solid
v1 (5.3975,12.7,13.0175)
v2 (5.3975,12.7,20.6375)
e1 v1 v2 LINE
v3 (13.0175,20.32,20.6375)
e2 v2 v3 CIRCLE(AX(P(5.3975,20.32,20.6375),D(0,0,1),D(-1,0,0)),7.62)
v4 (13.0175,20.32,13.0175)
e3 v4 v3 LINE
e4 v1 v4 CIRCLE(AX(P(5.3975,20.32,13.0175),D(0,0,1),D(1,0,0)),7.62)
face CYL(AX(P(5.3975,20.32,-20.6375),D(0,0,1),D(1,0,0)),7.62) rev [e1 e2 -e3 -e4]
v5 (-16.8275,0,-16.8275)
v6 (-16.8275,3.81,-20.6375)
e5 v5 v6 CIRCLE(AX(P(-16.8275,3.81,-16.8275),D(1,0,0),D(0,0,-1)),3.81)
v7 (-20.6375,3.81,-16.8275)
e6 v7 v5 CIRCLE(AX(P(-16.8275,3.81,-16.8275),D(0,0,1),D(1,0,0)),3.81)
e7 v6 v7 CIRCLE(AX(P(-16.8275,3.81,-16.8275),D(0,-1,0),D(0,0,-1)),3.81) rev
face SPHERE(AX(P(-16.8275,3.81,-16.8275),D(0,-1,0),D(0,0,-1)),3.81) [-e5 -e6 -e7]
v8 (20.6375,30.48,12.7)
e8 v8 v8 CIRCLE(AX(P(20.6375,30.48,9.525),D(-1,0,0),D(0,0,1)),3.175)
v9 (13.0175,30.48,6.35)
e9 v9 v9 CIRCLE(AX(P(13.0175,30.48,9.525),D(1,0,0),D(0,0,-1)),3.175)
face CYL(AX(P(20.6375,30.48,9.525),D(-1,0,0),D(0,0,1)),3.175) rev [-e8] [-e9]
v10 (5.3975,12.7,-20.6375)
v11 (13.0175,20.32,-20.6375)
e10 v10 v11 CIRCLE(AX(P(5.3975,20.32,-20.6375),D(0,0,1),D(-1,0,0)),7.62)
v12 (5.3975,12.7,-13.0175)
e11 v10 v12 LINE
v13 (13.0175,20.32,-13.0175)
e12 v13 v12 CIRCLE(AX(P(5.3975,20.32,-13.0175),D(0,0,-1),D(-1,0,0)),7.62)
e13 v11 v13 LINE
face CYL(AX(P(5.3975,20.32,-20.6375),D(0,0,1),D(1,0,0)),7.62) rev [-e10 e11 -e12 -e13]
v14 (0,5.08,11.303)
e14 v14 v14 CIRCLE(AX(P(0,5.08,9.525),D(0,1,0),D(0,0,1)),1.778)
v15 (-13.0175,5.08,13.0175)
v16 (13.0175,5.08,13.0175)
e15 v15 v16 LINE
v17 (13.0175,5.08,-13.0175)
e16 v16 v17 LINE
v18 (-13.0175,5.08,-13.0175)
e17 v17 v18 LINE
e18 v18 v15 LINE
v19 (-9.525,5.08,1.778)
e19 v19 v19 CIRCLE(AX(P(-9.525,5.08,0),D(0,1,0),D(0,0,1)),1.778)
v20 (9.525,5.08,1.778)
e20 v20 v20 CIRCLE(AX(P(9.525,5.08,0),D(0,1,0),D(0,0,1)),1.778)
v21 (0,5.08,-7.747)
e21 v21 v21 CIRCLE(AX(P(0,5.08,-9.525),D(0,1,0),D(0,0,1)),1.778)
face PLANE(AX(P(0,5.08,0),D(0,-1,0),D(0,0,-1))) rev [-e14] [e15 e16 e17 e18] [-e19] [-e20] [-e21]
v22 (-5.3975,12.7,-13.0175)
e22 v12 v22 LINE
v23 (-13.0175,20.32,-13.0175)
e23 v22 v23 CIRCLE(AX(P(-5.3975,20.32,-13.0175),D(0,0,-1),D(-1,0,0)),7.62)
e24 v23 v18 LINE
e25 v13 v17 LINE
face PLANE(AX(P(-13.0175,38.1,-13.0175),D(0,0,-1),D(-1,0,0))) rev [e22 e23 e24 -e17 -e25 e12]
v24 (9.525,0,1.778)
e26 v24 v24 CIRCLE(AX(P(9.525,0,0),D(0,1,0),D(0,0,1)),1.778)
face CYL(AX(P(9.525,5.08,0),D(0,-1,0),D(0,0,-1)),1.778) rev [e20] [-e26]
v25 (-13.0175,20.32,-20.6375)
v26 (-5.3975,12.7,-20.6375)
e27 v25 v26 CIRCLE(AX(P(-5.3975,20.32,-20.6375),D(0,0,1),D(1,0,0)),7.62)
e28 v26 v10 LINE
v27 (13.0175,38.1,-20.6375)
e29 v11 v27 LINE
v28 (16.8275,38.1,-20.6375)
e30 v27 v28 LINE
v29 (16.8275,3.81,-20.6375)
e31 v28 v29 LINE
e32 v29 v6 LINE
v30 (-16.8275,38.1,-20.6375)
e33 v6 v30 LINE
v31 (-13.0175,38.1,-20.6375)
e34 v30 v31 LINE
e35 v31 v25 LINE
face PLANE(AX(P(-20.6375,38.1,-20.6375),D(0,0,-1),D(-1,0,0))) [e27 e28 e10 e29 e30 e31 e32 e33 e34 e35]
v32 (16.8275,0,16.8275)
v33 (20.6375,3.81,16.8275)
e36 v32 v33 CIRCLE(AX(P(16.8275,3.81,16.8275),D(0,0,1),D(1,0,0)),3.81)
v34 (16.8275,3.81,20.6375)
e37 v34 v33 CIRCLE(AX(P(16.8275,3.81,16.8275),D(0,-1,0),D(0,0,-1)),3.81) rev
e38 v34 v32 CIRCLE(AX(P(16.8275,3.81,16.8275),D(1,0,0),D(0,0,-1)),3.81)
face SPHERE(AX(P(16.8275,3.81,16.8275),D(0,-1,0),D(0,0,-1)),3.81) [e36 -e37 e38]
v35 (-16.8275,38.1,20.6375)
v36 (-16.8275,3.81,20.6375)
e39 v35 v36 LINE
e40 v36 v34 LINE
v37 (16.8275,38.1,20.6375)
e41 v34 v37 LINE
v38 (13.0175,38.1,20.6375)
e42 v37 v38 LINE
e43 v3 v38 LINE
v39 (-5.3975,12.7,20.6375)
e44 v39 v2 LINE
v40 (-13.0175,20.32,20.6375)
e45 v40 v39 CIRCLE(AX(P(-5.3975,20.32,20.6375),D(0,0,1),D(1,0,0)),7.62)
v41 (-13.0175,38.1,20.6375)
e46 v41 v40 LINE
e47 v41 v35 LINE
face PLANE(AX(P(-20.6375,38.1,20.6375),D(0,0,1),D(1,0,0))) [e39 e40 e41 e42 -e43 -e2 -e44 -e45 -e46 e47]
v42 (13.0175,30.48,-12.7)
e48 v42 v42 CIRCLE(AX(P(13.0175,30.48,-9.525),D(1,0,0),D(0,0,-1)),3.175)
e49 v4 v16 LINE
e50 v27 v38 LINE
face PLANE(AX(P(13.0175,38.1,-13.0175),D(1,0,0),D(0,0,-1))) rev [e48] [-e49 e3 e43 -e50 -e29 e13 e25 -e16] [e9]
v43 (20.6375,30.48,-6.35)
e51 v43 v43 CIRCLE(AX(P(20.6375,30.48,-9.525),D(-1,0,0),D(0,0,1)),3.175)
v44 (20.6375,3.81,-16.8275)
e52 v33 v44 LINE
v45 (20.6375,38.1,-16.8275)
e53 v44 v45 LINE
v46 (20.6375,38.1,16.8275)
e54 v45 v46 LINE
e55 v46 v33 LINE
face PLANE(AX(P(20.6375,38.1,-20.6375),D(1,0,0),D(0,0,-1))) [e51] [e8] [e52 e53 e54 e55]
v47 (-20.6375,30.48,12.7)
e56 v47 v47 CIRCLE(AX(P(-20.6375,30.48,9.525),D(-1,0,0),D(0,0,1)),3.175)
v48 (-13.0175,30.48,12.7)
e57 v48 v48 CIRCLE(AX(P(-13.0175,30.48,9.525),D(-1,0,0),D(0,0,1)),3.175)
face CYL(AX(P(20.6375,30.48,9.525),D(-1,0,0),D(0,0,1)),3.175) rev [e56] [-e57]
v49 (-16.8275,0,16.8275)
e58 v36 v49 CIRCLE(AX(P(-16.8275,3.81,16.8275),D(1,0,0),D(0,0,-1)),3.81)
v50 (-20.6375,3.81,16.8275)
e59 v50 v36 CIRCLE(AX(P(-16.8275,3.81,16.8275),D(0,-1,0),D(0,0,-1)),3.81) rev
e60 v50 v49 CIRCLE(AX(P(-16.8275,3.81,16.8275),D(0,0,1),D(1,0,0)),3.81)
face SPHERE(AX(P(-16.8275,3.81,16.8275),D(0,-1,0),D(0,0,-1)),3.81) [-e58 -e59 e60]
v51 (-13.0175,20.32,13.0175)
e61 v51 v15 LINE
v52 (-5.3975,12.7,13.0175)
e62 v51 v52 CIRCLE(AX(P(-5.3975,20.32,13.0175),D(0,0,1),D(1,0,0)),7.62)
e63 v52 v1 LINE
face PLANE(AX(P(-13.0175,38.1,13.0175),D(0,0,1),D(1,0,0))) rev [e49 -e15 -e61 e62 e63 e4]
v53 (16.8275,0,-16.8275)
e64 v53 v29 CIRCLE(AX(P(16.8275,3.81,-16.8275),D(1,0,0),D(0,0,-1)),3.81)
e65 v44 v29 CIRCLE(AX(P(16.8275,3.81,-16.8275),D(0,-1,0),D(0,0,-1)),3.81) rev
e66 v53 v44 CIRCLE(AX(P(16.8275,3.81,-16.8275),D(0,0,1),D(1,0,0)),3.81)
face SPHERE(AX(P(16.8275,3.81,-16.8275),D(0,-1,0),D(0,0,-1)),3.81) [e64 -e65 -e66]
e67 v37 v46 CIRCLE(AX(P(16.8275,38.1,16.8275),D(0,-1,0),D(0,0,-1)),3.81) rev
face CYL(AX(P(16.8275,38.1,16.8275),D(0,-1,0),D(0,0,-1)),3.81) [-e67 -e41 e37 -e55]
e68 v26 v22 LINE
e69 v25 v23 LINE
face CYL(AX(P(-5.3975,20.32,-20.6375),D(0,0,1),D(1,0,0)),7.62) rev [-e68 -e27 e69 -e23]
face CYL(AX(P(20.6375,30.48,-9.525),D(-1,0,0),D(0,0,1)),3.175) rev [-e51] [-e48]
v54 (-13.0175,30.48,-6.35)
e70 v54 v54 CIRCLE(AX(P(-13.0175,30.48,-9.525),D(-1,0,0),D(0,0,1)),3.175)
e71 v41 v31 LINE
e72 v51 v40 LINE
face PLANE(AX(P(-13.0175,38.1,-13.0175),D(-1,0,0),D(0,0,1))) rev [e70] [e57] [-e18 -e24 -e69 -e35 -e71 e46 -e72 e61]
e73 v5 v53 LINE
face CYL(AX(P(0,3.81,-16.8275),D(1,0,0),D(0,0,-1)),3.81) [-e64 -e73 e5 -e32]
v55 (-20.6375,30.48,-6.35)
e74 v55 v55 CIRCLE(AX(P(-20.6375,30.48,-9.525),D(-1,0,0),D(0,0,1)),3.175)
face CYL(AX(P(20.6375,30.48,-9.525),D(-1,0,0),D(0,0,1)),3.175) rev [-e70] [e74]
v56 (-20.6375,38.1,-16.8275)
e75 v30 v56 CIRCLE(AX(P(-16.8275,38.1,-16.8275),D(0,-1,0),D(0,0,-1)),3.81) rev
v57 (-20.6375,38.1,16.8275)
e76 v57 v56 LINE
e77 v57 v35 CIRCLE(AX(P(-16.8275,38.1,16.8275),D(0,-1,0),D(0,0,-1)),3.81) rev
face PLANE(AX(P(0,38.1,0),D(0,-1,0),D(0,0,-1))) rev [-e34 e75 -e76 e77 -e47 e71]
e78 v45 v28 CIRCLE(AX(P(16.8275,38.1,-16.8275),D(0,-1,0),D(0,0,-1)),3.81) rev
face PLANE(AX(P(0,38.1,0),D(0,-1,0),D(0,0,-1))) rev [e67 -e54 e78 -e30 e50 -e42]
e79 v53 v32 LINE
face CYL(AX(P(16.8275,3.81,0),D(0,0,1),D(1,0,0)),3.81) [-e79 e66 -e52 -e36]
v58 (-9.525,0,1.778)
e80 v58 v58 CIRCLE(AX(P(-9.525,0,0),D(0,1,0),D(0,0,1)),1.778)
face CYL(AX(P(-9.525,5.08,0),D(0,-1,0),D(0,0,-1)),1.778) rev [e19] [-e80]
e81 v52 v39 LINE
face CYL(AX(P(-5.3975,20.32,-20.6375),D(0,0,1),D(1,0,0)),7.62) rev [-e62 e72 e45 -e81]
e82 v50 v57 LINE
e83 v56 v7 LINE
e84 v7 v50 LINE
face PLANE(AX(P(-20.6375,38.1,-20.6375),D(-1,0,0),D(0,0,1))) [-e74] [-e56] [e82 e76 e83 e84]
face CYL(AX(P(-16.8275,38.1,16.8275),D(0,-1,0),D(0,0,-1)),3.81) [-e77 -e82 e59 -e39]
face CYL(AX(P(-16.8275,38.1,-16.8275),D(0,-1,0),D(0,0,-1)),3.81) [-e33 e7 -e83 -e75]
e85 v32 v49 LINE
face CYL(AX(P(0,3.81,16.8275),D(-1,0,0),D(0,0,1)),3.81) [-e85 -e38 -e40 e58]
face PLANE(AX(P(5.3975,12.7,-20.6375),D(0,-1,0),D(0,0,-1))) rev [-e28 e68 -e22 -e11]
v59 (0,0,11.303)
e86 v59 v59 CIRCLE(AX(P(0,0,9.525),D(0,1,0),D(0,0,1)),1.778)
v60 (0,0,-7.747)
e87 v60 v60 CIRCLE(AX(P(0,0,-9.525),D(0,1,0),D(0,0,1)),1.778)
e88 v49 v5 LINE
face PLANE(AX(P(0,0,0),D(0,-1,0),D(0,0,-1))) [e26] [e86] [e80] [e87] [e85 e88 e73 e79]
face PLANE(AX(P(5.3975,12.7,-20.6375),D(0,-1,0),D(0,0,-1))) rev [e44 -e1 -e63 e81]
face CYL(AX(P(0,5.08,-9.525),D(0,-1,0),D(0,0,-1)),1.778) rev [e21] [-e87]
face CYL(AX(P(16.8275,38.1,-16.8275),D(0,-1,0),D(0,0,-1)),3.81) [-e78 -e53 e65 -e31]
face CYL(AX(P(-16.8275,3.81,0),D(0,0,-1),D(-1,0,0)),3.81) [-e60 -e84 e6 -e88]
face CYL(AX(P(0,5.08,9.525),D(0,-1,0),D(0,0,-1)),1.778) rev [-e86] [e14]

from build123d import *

# Parameters (mm, degrees)
SKETCH1_W           = 26.035
SKETCH1_H           = 26.035
SKETCH1_R           = 1.778
BOSS_EXTRUDE1_DEPTH = 5.08
SKETCH9_W           = 41.275
SKETCH9_H           = 41.275
SKETCH9_W_2         = 26.035
SKETCH9_H_2         = 26.035
BOSS_EXTRUDE7_DEPTH = 38.1
CUT_EXTRUDE4_DEPTH  = 42.275
SKETCH11_R          = 3.175
CUT_EXTRUDE5_DEPTH  = 42.275
FILLET1_R           = 3.81
FILLET2_R           = 3.81


with BuildPart() as part:
    # Sketch1 → Boss-Extrude1 (new body)
    with BuildSketch(Plane(origin=(0, 0, 0), x_dir=(1, 0, 0), z_dir=(0, 1, 0))):
        Rectangle(SKETCH1_W, SKETCH1_H)
        with Locations((0, 9.525)):
            Circle(SKETCH1_R, mode=Mode.SUBTRACT)
        with Locations((-9.525, 0)):
            Circle(SKETCH1_R, mode=Mode.SUBTRACT)
        with Locations((9.525, 0)):
            Circle(SKETCH1_R, mode=Mode.SUBTRACT)
        with Locations((0, -9.525)):
            Circle(SKETCH1_R, mode=Mode.SUBTRACT)
    extrude(amount=BOSS_EXTRUDE1_DEPTH)

    # Sketch9 → Boss-Extrude7 (add)
    with BuildSketch(Plane.XZ):
        Rectangle(SKETCH9_W, SKETCH9_H)
        Rectangle(SKETCH9_W_2, SKETCH9_H_2, mode=Mode.SUBTRACT)
    extrude(amount=-BOSS_EXTRUDE7_DEPTH)

    # Sketch10 → Cut-Extrude4 (cut, through all)
    with BuildSketch(Plane.XY.offset(20.6375)):
        with BuildLine():
            Line((-13.0175, 20.32), (-13.0175, 38.1))
            Line((-13.0175, 38.1), (13.0175, 38.1))
            Line((13.0175, 38.1), (13.0175, 20.32))
            ThreePointArc((13.0175, 20.32), (10.785653673, 14.931846327), (5.3975, 12.7))
            Line((5.3975, 12.7), (-5.3975, 12.7))
            ThreePointArc((-5.3975, 12.7), (-10.785653673, 14.931846327), (-13.0175, 20.32))
        make_face()
    extrude(amount=-CUT_EXTRUDE4_DEPTH, mode=Mode.SUBTRACT)

    # Sketch11 → Cut-Extrude5 (cut, through all)
    with BuildSketch(Plane.ZY.offset(20.6375)):
        with Locations((-9.525, 30.48)):
            Circle(SKETCH11_R)
        with Locations((9.525, 30.48)):
            Circle(SKETCH11_R)
    extrude(amount=-CUT_EXTRUDE5_DEPTH, mode=Mode.SUBTRACT)

    # Fillet1
    fillet1_edges = [part.edges().sort_by_distance(p)[0] for p in [
        (20.6375, 19.05, -20.6375),
        (-20.6375, 19.05, -20.6375),
        (-20.6375, 19.05, 20.6375),
        (20.6375, 19.05, 20.6375),
    ]]
    fillet(fillet1_edges, radius=FILLET1_R)

    # Fillet2
    fillet2_edges = [part.edges().sort_by_distance(p)[0] for p in [
        (0, 0, -20.6375),
        (20.6375, 0, 0),
        (0, 0, 20.6375),
        (-20.6375, 0, 0),
        (-19.521576836, 0, 19.521576836),
        (-19.521576836, 0, -19.521576836),
        (19.521576836, 0, 19.521576836),
        (19.521576836, 0, -19.521576836),
    ]]
    fillet(fillet2_edges, radius=FILLET2_R)


solid = part.part
